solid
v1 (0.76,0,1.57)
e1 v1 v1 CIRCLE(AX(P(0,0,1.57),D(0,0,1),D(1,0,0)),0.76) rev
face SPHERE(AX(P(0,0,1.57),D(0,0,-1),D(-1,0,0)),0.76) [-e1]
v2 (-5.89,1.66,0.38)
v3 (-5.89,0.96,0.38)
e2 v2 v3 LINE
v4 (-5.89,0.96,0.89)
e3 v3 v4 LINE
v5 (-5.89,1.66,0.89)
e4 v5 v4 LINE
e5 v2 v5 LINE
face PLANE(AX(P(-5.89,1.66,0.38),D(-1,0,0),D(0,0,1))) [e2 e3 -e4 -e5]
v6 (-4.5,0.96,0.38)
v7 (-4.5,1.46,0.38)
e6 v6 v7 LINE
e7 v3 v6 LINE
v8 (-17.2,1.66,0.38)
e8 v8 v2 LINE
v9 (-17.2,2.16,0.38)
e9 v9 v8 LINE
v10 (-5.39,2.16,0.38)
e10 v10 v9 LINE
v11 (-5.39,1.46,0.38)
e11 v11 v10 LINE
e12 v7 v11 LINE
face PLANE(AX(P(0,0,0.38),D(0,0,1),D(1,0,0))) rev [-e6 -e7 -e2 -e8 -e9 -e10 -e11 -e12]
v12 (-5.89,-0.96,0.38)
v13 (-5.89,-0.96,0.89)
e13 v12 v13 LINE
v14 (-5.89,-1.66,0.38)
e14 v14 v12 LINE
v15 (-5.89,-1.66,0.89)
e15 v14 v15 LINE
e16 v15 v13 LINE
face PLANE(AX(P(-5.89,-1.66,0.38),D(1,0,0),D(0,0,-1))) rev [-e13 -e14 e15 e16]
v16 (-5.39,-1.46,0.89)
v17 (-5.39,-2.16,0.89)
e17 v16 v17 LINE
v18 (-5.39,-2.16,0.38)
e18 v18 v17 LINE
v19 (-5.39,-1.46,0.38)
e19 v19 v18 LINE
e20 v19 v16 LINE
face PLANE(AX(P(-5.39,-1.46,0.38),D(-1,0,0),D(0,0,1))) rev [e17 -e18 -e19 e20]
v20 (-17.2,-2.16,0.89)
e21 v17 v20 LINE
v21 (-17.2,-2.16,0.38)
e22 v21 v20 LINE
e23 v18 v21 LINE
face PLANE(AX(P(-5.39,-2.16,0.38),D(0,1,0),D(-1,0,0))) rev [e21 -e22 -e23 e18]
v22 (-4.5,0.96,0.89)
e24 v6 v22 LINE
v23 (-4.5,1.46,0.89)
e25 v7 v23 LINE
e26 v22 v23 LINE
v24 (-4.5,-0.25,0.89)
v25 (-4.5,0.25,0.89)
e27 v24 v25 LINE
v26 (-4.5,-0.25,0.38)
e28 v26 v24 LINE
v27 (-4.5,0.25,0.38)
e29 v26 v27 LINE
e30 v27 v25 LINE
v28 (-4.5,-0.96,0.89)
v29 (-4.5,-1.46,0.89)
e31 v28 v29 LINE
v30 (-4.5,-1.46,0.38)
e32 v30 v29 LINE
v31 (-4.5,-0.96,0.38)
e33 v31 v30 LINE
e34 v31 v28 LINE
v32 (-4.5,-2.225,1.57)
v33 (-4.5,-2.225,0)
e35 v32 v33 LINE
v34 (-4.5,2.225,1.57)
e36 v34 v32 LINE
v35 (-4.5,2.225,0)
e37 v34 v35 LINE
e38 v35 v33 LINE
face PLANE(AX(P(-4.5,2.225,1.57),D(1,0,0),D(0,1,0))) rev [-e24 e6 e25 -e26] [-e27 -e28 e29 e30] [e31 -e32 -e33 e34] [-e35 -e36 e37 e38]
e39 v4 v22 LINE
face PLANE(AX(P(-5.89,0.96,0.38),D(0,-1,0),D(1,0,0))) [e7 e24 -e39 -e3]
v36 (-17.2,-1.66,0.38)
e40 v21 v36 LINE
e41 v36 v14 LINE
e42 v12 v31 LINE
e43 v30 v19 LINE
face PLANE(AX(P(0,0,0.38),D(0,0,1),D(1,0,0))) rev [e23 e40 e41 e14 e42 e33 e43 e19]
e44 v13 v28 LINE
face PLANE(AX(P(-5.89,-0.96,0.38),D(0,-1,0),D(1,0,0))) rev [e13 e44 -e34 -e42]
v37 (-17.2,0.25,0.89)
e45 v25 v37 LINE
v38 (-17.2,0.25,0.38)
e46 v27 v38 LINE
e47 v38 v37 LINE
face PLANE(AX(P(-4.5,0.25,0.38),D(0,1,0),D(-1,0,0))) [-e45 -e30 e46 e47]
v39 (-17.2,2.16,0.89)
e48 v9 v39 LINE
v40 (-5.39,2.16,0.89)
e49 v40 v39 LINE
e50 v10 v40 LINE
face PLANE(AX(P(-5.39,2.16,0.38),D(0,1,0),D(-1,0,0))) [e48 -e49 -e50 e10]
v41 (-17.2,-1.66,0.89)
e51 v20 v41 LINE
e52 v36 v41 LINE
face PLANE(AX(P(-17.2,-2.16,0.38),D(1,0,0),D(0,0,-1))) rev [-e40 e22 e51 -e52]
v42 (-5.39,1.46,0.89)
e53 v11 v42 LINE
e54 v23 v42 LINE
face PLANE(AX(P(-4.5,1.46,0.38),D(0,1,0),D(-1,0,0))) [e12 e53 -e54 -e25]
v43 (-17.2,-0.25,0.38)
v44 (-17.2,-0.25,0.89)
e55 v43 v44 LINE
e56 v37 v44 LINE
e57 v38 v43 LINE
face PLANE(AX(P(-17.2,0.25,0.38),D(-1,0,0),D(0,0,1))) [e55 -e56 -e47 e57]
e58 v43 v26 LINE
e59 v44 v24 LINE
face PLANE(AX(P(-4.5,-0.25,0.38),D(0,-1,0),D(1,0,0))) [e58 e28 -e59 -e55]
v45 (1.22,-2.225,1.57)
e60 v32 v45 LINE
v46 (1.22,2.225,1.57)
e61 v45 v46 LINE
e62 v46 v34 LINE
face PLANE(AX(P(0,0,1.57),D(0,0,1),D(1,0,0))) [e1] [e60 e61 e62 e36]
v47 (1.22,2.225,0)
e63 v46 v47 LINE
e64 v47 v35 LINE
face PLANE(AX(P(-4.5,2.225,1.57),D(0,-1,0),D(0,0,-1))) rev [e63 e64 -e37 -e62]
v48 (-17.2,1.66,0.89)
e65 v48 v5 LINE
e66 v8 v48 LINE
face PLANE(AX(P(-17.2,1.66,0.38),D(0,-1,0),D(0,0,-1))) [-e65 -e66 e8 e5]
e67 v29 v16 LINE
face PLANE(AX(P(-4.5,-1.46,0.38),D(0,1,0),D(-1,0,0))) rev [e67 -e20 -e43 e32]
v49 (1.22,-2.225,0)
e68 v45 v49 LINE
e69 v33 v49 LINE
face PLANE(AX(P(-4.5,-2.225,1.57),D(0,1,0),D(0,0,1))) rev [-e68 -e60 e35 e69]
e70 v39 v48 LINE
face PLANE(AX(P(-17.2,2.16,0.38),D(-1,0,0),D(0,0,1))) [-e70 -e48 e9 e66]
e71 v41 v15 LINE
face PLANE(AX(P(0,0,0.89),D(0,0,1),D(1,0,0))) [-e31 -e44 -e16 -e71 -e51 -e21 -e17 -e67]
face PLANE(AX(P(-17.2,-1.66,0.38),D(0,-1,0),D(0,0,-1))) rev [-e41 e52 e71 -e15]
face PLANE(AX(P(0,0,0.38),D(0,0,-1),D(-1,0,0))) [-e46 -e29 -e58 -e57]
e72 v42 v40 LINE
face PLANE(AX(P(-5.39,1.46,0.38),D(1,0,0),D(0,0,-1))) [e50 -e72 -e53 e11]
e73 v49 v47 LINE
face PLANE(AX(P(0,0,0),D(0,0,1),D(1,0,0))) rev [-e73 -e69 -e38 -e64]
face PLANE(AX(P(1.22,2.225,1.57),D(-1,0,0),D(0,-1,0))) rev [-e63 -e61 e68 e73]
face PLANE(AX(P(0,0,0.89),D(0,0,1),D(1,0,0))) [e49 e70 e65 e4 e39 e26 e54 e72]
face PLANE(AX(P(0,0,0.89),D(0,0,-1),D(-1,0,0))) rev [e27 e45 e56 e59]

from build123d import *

# Parameters (mm, degrees)
ESQUISSE1_W        = 5.72
ESQUISSE1_H        = 4.45
BOSS_EXTRU_1_DEPTH = 1.57
BOSS_EXTRU_2_START = -0.68
BOSS_EXTRU_2_DEPTH = 0.51
ESQUISSE4_W        = 12.7
ESQUISSE4_H        = 0.5
BOSS_EXTRU_3_DEPTH = 0.51


with BuildPart() as part:
    # Esquisse1 → Boss.-Extru.1 (new body)
    with BuildSketch(Plane.XY):
        with Locations((-1.64, 0)):
            Rectangle(ESQUISSE1_W, ESQUISSE1_H)
    extrude(amount=BOSS_EXTRU_1_DEPTH)

    # Esquisse2 → Révolution5 (revolve)
    with BuildSketch(Plane(origin=(0, 0, 0), x_dir=(1, 0, 0), z_dir=(0, 1, 0))):
        with BuildLine():
            Line((0, -0.81), (0, -2.33))
            ThreePointArc((0, -2.33), (0.76, -1.57), (0, -0.81))
        make_face()
    revolve(axis=Axis((0, 0, 0), (0, 0, 1)))

    # Esquisse3 → Boss.-Extru.2 (add)
    with BuildSketch(Plane.XY.offset(1.57).offset(BOSS_EXTRU_2_START)):
        Polygon((-4.5, 1.46), (-5.39, 1.46), (-5.39, 2.16), (-17.2, 2.16), (-17.2, 1.66), (-5.89, 1.66), (-5.89, 0.96), (-4.5, 0.96), align=None)
    boss_extru_2 = extrude(amount=-BOSS_EXTRU_2_DEPTH)

    # Symétrie1: Boss.-Extru.2 across plane
    add(boss_extru_2.mirror(Plane.ZX))

    # Esquisse4 → Boss.-Extru.3 (add)
    with BuildSketch(Plane.XY.offset(0.89)):
        with Locations((-10.85, 0)):
            Rectangle(ESQUISSE4_W, ESQUISSE4_H)
    extrude(amount=-BOSS_EXTRU_3_DEPTH)


solid = part.part
